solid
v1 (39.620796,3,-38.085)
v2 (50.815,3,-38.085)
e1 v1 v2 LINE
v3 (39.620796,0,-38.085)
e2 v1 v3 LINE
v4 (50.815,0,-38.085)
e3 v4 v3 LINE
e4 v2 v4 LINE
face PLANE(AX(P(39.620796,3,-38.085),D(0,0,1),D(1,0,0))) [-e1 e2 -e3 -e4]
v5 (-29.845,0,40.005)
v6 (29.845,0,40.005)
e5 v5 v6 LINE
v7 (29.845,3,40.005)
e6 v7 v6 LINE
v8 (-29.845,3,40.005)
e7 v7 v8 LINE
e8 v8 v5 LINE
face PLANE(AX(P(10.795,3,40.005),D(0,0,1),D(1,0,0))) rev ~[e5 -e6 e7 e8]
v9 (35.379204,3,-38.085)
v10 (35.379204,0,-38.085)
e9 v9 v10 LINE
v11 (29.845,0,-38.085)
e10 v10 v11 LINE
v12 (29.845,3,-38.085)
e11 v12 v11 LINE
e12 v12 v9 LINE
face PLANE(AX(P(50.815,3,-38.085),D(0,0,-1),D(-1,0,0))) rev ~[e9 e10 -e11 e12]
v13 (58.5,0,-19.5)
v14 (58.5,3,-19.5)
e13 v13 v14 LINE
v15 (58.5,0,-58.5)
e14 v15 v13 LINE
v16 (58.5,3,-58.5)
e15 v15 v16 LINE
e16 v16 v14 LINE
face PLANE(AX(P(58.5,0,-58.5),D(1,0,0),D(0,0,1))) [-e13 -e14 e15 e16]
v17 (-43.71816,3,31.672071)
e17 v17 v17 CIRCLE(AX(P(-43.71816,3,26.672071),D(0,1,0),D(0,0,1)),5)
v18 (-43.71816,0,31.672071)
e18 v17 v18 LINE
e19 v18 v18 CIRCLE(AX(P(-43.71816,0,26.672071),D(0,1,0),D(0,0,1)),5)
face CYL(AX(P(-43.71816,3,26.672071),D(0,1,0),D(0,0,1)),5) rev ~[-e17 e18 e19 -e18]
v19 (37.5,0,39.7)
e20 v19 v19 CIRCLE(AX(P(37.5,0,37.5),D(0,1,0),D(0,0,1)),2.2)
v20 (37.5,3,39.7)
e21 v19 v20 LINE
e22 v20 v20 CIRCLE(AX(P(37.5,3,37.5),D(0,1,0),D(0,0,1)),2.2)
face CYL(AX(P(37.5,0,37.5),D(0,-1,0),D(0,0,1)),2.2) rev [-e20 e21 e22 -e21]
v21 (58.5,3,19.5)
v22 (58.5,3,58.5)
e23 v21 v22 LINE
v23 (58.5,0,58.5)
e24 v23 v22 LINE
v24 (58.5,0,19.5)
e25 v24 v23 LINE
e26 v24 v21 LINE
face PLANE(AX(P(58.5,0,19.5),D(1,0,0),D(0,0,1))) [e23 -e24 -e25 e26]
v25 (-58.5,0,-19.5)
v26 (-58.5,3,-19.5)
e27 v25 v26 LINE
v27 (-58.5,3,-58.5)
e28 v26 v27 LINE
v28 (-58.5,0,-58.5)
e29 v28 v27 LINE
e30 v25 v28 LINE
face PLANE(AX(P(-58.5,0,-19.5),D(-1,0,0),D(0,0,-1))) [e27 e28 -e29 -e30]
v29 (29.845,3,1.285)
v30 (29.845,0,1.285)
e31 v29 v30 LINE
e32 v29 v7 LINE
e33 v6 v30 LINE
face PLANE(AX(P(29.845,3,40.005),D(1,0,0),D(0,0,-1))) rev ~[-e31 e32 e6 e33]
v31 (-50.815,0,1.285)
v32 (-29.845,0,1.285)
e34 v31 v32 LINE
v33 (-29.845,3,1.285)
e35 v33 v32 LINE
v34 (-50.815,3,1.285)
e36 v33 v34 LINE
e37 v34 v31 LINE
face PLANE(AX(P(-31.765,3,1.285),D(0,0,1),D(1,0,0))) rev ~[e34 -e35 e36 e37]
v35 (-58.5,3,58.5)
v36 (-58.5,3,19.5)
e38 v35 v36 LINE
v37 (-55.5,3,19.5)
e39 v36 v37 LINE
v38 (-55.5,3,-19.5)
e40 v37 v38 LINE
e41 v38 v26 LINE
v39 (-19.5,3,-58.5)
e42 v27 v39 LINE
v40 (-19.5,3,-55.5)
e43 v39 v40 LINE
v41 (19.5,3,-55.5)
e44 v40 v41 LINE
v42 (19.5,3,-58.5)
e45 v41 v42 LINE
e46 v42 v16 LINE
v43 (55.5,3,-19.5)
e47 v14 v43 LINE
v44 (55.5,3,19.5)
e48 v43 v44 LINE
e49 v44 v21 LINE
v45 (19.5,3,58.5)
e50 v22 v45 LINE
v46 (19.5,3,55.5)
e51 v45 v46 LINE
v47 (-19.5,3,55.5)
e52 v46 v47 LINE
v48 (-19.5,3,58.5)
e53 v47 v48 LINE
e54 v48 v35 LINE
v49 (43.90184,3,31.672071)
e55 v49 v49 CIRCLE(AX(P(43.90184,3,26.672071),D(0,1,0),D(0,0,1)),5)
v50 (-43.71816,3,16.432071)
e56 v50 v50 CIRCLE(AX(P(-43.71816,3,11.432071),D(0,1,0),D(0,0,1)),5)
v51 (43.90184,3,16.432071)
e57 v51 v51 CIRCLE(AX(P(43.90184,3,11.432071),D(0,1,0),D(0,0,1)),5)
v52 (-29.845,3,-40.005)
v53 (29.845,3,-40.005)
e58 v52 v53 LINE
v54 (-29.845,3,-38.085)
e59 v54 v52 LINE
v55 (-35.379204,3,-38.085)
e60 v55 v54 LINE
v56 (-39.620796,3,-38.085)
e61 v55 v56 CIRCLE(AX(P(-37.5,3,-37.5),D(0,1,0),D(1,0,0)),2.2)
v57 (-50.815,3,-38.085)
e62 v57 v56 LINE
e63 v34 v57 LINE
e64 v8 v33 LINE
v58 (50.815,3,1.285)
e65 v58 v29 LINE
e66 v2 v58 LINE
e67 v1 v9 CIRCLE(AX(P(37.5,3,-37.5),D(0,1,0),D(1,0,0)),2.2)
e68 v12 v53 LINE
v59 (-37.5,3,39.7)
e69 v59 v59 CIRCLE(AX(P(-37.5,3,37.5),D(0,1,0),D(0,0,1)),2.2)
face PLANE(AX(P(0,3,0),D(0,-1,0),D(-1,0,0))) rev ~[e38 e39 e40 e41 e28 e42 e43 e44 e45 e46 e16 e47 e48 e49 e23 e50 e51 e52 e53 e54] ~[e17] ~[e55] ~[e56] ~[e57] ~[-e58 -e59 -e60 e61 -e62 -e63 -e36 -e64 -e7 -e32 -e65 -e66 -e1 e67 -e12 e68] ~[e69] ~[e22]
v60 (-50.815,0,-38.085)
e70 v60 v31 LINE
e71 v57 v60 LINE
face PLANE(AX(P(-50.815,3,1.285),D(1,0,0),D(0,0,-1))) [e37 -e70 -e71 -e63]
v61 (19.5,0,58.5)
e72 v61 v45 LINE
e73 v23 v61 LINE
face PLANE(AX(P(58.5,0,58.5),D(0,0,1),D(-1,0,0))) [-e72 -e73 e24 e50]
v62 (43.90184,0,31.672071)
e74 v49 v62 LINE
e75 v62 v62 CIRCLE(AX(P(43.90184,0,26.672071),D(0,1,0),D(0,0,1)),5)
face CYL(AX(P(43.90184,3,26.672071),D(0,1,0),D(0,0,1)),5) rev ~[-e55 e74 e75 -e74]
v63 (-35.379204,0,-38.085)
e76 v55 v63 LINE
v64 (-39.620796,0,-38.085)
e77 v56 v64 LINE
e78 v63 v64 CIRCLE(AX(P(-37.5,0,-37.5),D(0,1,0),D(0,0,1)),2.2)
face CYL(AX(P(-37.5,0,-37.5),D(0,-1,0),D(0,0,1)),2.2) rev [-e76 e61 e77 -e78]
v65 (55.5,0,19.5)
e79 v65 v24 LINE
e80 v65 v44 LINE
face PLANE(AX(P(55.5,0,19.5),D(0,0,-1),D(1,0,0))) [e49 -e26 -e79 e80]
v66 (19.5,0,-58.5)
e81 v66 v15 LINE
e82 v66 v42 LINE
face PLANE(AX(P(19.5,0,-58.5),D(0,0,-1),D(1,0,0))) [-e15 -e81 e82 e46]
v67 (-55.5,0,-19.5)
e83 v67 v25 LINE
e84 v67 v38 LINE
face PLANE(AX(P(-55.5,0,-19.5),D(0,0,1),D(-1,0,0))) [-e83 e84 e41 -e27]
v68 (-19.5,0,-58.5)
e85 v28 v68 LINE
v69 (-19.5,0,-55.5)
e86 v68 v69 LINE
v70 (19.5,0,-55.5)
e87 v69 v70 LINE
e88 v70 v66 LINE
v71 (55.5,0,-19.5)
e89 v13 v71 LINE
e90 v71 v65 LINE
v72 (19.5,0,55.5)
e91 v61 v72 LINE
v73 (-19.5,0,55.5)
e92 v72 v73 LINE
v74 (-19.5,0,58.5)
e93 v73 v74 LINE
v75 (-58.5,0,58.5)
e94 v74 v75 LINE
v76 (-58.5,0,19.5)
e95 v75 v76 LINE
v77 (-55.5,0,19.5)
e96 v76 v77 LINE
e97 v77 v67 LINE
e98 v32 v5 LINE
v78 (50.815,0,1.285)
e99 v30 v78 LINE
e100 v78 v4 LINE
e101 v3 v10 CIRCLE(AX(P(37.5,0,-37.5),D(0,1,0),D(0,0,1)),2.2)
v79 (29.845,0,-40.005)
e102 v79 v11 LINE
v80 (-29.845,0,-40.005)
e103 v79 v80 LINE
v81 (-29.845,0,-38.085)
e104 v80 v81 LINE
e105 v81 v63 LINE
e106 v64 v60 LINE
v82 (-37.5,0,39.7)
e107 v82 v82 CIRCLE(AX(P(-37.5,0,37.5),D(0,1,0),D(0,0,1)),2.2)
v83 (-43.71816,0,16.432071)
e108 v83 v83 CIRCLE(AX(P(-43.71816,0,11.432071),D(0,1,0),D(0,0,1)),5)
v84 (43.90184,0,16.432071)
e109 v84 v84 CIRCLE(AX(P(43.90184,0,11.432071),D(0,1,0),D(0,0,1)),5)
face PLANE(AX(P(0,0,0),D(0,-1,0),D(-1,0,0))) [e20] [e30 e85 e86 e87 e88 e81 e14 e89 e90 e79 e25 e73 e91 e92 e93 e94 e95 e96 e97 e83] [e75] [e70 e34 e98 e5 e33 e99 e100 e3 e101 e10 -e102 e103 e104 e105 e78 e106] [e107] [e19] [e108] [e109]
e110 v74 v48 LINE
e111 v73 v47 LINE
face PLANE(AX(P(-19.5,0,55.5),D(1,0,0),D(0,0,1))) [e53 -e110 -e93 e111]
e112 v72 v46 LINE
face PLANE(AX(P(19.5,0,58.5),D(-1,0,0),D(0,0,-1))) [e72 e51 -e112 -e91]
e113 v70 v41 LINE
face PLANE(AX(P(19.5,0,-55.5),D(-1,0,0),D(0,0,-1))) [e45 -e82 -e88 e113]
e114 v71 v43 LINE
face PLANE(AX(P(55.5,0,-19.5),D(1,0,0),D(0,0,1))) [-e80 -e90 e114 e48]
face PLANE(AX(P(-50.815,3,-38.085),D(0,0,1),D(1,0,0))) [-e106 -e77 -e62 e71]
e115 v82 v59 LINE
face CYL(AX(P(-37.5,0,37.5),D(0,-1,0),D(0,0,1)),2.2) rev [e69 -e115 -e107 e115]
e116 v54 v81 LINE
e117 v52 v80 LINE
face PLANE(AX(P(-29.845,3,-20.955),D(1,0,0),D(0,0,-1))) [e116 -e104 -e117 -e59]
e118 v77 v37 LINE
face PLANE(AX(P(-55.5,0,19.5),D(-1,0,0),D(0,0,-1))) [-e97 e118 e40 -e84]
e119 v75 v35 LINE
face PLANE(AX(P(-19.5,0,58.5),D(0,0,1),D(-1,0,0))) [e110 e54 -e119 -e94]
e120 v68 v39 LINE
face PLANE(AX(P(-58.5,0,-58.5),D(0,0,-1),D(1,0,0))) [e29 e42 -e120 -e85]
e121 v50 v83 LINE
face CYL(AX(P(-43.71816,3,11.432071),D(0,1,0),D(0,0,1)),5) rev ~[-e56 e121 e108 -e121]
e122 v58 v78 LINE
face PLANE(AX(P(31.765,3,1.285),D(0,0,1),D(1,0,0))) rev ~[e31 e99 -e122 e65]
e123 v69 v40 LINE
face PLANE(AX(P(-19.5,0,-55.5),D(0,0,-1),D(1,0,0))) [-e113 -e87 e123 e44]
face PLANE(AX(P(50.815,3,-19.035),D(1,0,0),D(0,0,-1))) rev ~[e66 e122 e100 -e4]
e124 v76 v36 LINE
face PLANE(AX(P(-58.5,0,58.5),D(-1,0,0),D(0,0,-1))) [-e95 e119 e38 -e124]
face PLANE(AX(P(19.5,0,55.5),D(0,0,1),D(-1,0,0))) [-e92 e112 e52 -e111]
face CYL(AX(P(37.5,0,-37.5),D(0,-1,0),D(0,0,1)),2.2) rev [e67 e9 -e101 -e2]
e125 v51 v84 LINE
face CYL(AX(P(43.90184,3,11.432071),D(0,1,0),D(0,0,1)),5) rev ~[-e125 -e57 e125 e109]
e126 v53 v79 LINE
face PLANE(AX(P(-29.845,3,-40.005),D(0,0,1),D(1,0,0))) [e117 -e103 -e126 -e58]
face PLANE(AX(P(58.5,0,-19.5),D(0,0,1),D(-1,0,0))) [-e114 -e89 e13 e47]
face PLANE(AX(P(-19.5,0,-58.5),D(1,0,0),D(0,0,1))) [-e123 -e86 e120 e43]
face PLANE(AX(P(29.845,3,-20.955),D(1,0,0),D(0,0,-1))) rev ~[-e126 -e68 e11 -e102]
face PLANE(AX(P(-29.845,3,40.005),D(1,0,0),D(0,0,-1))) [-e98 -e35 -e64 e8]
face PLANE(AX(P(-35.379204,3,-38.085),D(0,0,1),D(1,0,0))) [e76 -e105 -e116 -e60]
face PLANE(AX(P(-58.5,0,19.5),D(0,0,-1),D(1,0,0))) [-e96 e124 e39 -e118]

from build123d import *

# Parameters (mm, degrees)
SKETCH1_R           = 2.2
BOSS_EXTRUDE1_DEPTH = 3
SKETCH3_W           = 19.05
SKETCH3_H           = 19.05
SKETCH3_R           = 2.2
SKETCH3_R_2         = 5
CUT_EXTRUDE1_DEPTH  = 83.785868359
CUT_EXTRUDE2_DEPTH  = 10


with BuildPart() as part:
    # Sketch1 → Boss-Extrude1 (new body)
    with BuildSketch(Plane(origin=(0, 0, 0), x_dir=(1, 0, 0), z_dir=(0, 1, 0))):
        Polygon((-58.5, 19.5), (-58.5, 58.5), (-19.5, 58.5), (-19.5, 55.5), (19.5, 55.5), (19.5, 58.5), (58.5, 58.5), (58.5, 19.5), (55.5, 19.5), (55.5, -19.5), (58.5, -19.5), (58.5, -58.5), (19.5, -58.5), (19.5, -55.5), (-19.5, -55.5), (-19.5, -58.5), (-58.5, -58.5), (-58.5, -19.5), (-55.5, -19.5), (-55.5, 19.5), align=None)
        with Locations(Location((-37.5, 37.5, 0), (0, 0, 270))):
            Circle(SKETCH1_R, mode=Mode.SUBTRACT)
        with Locations(Location((37.5, 37.5, 0), (0, 0, 270))):
            Circle(SKETCH1_R, mode=Mode.SUBTRACT)
        with Locations(Location((37.5, -37.5, 0), (0, 0, 270))):
            Circle(SKETCH1_R, mode=Mode.SUBTRACT)
        with Locations(Location((-37.5, -37.5, 0), (0, 0, 270))):
            Circle(SKETCH1_R, mode=Mode.SUBTRACT)
    extrude(amount=BOSS_EXTRUDE1_DEPTH)

    # Sketch3 → Cut-Extrude1 (cut, through all)
    with BuildSketch(Plane(origin=(0, 3, 0), x_dir=(1, 0, 0), z_dir=(0, 1, 0))):
        with Locations((20.32, 30.48)):
            Rectangle(SKETCH3_W, SKETCH3_H)
        with Locations((20.32, 10.16)):
            Rectangle(SKETCH3_W, SKETCH3_H)
        with Locations((20.32, -10.16)):
            Rectangle(SKETCH3_W, SKETCH3_H)
        with Locations((20.32, -30.48)):
            Rectangle(SKETCH3_W, SKETCH3_H)
        with Locations((0, -30.48)):
            Rectangle(SKETCH3_W, SKETCH3_H)
        with Locations((0, -10.16)):
            Rectangle(SKETCH3_W, SKETCH3_H)
        with Locations((0, 10.16)):
            Rectangle(SKETCH3_W, SKETCH3_H)
        with Locations((0, 30.48)):
            Rectangle(SKETCH3_W, SKETCH3_H)
        with Locations((-20.32, 30.48)):
            Rectangle(SKETCH3_W, SKETCH3_H)
        with Locations((-20.32, 10.16)):
            Rectangle(SKETCH3_W, SKETCH3_H)
        with Locations((-20.32, -10.16)):
            Rectangle(SKETCH3_W, SKETCH3_H)
        with Locations((-20.32, -30.48)):
            Rectangle(SKETCH3_W, SKETCH3_H)
        with Locations((-37.5, 37.5)):
            Circle(SKETCH3_R)
        with Locations((-41.29, 28.56)):
            Rectangle(SKETCH3_W, SKETCH3_H)
        with Locations((-41.29, 8.24)):
            Rectangle(SKETCH3_W, SKETCH3_H)
        with Locations((37.5, 37.5)):
            Circle(SKETCH3_R)
        with Locations((41.29, 28.56)):
            Rectangle(SKETCH3_W, SKETCH3_H)
        with Locations((41.29, 8.24)):
            Rectangle(SKETCH3_W, SKETCH3_H)
        with Locations(Location((-43.718159869, -11.432070866, 0), (0, 0, 270))):
            Circle(SKETCH3_R_2)
        with Locations(Location((-43.718159869, -26.672070866, 0), (0, 0, 270))):
            Circle(SKETCH3_R_2)
        with Locations(Location((43.901840131, -11.432070866, 0), (0, 0, 270))):
            Circle(SKETCH3_R_2)
        with Locations(Location((43.901840131, -26.672070866, 0), (0, 0, 270))):
            Circle(SKETCH3_R_2)
    extrude(amount=-CUT_EXTRUDE1_DEPTH, mode=Mode.SUBTRACT)

    # Sketch4 → Cut-Extrude2 (cut)
    with BuildSketch(Plane(origin=(0, 3, 0), x_dir=(1, 0, 0), z_dir=(0, 1, 0))):
        Polygon((-31.765, -1.285), (-29.845, -1.285), (-29.845, -40.005), (29.845, -40.005), (29.845, -1.285), (50.815, -1.285), (50.815, 38.085), (29.845, 38.085), (10.795, 40.005), (-10.795, 40.005), (-29.845, 38.085), (-31.765, 38.085), (-50.815, 19.035), (-50.815, 17.765), align=None)
    extrude(amount=-CUT_EXTRUDE2_DEPTH, mode=Mode.SUBTRACT)


solid = part.part
